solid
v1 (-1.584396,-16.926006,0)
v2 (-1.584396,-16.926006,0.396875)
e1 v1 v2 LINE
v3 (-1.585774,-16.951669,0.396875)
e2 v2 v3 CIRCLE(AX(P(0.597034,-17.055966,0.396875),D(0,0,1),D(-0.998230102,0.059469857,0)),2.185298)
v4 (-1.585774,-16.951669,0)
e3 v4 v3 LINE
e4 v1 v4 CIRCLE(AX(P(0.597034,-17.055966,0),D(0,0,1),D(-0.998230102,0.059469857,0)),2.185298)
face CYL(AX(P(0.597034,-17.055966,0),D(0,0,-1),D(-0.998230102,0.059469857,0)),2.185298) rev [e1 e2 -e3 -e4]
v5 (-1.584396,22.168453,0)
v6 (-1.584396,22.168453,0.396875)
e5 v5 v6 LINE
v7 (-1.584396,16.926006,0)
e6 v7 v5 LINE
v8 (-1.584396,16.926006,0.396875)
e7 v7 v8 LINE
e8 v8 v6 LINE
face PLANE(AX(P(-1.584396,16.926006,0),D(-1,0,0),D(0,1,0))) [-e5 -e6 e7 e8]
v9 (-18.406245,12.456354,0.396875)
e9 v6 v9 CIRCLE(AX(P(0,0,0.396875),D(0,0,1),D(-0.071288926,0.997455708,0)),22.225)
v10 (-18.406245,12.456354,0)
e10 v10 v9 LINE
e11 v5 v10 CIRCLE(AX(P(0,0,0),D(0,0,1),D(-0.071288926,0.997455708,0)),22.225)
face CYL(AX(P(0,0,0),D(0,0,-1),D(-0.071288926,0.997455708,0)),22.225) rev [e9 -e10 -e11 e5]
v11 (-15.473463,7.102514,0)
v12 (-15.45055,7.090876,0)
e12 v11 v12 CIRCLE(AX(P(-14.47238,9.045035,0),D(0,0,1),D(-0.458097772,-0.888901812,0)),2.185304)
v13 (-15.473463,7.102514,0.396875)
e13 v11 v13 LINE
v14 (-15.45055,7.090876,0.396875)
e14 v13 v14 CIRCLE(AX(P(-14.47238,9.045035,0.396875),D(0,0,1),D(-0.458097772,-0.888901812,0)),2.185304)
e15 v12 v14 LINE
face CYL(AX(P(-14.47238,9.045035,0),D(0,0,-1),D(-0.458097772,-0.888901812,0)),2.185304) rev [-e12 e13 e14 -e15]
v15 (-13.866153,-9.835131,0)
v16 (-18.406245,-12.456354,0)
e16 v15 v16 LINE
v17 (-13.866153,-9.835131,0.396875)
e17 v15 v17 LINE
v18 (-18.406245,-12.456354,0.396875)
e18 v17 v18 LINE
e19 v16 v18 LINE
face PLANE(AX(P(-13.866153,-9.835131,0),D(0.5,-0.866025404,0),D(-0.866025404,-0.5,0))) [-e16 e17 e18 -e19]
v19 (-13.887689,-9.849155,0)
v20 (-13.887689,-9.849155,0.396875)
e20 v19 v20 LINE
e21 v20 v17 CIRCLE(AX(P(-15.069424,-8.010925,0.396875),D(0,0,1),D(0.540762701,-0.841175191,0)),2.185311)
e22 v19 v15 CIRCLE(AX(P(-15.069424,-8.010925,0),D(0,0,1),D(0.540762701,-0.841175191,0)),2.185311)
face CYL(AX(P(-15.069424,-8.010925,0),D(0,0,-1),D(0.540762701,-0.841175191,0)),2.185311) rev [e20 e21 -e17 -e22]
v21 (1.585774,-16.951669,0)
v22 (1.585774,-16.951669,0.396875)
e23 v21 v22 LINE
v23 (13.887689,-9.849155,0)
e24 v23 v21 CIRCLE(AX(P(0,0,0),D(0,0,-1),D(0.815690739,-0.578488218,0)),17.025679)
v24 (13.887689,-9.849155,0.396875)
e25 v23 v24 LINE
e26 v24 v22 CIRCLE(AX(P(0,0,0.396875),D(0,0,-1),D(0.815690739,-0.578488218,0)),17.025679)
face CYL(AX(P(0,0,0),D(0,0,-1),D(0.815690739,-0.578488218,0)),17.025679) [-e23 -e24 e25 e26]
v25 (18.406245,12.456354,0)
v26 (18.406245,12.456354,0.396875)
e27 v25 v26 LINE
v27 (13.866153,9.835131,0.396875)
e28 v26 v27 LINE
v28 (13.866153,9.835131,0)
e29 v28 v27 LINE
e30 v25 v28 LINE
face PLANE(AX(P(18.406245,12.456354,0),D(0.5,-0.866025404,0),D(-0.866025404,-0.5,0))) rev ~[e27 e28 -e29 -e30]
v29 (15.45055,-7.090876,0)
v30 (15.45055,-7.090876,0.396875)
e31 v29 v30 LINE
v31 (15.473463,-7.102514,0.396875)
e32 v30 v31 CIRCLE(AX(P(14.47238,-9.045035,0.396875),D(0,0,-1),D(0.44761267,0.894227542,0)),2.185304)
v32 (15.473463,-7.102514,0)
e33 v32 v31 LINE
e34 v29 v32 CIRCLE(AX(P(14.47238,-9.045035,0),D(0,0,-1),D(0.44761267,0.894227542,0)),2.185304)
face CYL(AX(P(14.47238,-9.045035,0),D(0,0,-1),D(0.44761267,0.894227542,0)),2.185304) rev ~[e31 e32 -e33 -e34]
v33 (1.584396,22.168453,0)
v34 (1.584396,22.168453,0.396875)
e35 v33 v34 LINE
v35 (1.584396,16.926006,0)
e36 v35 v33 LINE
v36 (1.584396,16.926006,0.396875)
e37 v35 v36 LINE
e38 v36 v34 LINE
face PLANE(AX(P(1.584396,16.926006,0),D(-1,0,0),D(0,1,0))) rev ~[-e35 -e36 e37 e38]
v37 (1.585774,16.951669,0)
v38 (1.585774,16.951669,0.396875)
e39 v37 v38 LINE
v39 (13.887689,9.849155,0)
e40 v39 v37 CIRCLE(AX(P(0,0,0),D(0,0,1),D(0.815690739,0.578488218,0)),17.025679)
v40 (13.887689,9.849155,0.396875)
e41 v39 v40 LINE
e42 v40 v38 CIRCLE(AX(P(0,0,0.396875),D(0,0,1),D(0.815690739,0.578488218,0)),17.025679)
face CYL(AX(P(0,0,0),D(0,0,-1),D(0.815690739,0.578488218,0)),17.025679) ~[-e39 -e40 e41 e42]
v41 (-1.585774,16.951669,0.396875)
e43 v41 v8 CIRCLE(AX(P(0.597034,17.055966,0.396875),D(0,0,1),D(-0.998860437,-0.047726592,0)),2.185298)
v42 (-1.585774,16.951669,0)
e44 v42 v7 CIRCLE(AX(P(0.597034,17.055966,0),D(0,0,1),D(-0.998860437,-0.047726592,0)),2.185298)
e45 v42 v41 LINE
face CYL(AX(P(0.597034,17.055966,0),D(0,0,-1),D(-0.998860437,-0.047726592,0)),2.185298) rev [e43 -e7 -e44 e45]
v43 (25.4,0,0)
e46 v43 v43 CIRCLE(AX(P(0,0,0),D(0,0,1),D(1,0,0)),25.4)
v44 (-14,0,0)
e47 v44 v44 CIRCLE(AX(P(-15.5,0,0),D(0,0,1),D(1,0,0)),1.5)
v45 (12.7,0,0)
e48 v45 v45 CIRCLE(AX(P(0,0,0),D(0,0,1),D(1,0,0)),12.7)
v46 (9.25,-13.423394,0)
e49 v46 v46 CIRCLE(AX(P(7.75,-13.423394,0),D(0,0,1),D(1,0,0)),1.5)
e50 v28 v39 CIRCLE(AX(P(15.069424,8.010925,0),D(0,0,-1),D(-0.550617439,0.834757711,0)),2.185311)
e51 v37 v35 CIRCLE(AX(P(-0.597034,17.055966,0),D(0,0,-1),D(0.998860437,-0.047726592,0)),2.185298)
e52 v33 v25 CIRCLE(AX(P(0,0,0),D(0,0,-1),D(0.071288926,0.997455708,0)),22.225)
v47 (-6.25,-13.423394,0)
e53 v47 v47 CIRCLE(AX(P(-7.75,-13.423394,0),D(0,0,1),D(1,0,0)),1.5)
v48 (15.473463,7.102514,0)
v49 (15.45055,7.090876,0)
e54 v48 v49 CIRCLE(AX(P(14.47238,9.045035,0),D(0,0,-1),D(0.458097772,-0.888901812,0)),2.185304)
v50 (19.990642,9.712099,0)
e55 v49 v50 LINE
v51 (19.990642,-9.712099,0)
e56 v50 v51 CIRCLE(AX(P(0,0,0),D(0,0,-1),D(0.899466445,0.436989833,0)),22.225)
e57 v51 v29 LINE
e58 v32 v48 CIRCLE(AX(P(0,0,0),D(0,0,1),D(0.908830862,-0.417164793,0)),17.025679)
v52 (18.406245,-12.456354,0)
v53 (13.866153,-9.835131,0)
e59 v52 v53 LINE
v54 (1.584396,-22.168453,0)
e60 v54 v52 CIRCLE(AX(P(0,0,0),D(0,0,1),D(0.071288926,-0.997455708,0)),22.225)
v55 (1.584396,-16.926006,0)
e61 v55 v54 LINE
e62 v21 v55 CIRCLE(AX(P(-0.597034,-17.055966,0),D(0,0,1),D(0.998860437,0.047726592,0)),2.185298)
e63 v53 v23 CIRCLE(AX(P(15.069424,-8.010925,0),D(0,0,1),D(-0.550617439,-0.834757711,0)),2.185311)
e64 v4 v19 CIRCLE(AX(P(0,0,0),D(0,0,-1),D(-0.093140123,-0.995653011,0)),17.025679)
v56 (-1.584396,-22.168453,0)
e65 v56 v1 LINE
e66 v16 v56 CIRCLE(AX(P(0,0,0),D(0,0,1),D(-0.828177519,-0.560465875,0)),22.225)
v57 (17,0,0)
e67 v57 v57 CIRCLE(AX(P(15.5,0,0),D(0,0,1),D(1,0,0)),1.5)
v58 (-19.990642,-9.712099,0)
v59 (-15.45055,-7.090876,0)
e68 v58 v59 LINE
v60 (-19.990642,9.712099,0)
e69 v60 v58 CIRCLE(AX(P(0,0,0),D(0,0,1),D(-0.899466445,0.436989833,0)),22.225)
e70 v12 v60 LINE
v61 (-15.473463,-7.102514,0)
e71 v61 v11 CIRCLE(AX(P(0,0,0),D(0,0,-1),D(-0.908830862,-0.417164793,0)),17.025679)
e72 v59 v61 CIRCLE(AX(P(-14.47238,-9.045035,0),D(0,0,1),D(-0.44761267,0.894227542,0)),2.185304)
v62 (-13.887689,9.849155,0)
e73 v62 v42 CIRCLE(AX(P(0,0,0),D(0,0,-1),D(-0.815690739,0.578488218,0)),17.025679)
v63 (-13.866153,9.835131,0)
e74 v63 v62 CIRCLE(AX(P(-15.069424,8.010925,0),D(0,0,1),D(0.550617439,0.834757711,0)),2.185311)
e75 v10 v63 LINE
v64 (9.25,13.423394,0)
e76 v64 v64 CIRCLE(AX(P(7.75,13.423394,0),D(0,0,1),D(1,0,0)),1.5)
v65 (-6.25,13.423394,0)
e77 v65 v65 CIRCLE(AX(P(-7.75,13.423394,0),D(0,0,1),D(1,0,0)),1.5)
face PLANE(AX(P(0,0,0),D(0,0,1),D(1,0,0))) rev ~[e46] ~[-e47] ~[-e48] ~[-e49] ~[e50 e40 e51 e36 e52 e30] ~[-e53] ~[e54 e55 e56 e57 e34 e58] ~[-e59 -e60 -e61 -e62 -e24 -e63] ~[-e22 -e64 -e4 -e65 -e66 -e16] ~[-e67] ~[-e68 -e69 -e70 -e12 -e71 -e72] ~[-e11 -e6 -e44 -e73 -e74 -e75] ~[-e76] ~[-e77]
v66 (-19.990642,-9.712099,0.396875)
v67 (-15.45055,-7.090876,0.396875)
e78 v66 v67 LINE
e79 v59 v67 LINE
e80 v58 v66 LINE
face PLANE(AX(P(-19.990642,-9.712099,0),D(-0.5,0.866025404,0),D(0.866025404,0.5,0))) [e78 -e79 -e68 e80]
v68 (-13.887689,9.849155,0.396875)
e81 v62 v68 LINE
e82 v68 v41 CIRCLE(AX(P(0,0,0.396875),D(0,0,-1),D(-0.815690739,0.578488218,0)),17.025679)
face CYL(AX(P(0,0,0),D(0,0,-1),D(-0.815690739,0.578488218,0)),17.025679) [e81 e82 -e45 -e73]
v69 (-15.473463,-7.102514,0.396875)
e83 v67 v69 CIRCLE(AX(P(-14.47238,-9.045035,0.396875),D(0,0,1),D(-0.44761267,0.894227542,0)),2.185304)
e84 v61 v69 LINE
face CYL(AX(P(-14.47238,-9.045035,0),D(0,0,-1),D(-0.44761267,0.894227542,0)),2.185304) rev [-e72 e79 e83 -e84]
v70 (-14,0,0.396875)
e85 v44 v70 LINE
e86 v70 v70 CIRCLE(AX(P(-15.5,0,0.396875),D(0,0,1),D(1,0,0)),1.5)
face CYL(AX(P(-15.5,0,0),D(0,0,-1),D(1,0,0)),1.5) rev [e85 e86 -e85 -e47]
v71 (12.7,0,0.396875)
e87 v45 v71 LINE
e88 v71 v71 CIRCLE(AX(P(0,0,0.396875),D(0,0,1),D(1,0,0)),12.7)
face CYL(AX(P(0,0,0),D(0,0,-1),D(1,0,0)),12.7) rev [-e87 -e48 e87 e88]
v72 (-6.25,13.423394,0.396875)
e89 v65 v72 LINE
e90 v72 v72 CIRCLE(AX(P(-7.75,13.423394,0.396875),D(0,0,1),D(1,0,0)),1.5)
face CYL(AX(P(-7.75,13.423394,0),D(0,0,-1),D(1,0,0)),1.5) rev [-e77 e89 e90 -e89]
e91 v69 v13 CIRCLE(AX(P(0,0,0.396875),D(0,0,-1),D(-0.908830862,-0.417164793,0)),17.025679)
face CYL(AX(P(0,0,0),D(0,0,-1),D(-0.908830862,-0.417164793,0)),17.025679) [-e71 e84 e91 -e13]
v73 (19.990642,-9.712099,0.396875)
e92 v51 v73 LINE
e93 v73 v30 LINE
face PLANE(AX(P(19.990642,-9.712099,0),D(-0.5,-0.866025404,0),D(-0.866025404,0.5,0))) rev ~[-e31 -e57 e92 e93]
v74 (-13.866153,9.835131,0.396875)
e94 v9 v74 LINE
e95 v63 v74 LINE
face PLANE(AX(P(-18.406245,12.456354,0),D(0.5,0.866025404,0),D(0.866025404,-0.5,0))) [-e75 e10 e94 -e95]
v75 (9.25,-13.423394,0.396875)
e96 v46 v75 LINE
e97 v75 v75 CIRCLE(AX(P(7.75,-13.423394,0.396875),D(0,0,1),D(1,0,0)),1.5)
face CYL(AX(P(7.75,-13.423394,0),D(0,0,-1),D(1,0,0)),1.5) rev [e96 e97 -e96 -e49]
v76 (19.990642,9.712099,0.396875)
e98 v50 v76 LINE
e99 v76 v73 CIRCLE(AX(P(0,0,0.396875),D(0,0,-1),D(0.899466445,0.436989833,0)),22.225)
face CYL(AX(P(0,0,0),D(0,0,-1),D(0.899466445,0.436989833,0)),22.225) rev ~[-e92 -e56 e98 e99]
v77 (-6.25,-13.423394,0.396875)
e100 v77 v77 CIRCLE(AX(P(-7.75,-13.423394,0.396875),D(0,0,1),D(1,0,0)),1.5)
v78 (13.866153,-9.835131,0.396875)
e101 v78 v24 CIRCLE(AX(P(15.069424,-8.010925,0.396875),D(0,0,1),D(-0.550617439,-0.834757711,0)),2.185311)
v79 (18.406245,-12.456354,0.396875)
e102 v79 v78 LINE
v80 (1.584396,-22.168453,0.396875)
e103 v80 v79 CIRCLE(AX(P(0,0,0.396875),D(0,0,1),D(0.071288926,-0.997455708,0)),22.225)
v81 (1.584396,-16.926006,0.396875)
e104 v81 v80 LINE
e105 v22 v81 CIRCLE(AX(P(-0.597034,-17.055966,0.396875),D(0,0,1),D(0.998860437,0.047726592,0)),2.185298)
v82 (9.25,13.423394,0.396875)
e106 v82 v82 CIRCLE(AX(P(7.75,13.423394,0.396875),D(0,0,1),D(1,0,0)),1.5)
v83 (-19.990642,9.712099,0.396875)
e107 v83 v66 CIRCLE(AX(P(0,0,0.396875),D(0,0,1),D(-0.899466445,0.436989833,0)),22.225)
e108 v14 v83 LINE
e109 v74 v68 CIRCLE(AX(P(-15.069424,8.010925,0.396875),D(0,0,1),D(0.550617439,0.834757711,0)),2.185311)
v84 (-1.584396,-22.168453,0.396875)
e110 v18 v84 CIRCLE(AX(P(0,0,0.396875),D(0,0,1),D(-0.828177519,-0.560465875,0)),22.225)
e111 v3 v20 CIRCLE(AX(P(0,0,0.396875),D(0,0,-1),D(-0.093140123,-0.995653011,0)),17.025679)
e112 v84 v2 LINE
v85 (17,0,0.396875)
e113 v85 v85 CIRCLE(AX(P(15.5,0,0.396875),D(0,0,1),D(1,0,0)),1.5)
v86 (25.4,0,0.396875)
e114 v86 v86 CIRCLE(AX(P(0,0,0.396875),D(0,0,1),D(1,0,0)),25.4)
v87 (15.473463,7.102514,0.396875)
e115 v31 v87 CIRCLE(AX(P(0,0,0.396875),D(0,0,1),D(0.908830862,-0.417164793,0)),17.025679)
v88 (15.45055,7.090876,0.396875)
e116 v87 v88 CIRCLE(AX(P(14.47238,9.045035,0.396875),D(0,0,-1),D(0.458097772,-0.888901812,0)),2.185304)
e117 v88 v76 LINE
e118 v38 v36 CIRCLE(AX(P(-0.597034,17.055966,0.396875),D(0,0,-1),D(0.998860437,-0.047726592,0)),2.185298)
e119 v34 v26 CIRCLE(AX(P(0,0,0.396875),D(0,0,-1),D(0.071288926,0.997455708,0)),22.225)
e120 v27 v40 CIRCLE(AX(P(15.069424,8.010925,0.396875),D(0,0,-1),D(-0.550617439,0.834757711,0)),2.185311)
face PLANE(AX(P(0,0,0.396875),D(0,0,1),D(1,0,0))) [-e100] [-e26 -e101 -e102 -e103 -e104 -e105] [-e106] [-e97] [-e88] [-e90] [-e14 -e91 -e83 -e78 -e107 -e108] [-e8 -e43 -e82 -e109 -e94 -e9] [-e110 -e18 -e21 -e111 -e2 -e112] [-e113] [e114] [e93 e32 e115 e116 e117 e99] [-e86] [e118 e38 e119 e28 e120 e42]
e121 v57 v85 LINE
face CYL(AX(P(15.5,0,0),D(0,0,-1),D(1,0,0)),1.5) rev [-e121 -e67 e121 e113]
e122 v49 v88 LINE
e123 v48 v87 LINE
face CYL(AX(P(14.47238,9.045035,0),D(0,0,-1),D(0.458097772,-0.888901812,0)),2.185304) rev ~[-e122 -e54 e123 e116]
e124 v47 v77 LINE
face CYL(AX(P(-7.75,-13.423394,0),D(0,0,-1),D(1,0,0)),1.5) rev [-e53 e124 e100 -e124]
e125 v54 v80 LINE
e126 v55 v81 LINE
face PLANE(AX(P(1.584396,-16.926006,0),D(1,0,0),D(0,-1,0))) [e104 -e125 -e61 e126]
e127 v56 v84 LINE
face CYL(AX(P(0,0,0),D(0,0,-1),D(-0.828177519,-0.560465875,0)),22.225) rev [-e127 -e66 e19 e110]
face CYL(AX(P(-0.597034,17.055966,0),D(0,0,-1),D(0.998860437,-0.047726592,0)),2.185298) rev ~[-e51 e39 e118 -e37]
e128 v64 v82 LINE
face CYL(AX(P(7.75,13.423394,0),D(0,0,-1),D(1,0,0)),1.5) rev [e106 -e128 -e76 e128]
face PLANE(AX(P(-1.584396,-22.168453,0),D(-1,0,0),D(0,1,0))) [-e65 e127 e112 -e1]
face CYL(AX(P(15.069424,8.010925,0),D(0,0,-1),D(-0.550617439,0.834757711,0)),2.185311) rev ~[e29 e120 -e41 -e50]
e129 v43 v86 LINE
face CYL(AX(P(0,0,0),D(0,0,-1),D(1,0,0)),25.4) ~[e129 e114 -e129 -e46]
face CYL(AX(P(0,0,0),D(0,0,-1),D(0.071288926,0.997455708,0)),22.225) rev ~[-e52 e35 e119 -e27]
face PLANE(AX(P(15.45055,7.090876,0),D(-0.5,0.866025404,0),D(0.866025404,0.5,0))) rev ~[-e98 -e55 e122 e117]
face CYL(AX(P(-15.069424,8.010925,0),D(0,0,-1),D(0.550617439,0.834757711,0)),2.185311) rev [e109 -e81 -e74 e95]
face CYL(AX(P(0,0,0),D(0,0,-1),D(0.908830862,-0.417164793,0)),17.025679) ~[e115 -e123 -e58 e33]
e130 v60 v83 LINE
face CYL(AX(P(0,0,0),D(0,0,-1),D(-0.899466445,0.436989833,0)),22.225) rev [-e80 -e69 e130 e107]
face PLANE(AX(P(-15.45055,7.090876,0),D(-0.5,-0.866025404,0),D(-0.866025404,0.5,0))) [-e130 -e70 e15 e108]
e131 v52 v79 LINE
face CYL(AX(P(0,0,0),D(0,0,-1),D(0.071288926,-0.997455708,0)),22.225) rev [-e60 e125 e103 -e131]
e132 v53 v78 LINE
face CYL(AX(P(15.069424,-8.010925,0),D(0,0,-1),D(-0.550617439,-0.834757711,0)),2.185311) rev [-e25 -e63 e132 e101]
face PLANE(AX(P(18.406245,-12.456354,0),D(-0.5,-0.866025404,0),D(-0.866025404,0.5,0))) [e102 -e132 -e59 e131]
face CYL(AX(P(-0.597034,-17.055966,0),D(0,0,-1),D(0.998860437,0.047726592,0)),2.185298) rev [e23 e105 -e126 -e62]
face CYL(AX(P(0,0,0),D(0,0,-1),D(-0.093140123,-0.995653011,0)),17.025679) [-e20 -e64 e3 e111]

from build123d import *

# Parameters (mm, degrees)
SKETCH1_R           = 25.4
SKETCH1_R_2         = 1.5
SKETCH1_R_3         = 12.7
BOSS_EXTRUDE1_DEPTH = 0.396875


with BuildPart() as part:
    # Sketch1 → Boss-Extrude1 (new body)
    with BuildSketch(Plane.XY):
        Circle(SKETCH1_R)
        with Locations((-15.5, 0)):
            Circle(SKETCH1_R_2, mode=Mode.SUBTRACT)
        with Locations((-7.75, 13.423393759)):
            Circle(SKETCH1_R_2, mode=Mode.SUBTRACT)
        with Locations((7.75, 13.423393759)):
            Circle(SKETCH1_R_2, mode=Mode.SUBTRACT)
        with Locations((15.5, 0)):
            Circle(SKETCH1_R_2, mode=Mode.SUBTRACT)
        with Locations((7.75, -13.423393759)):
            Circle(SKETCH1_R_2, mode=Mode.SUBTRACT)
        with Locations((-7.75, -13.423393759)):
            Circle(SKETCH1_R_2, mode=Mode.SUBTRACT)
        Circle(SKETCH1_R_3, mode=Mode.SUBTRACT)
        with BuildLine():
            Line((-1.58439638, 16.926006266), (-1.58439638, 22.168453106))
            ThreePointArc((-1.58439638, 22.168453106), (-11.1125, 19.247414599), (-18.406245362, 12.456354068))
            Line((-18.406245362, 12.456354068), (-13.866153221, 9.835130648))
            ThreePointArc((-13.866153221, 9.835130648), (-13.876900865, 9.842174678), (-13.88768889, 9.849154838))
            ThreePointArc((-13.88768889, 9.849154838), (-8.512839622, 14.744670742), (-1.58577385, 16.951668798))
            ThreePointArc((-1.58577385, 16.951668798), (-1.585122867, 16.938836014), (-1.58439638, 16.926006266))
        make_face(mode=Mode.SUBTRACT)
        with BuildLine():
            Line((1.58439638, 16.926006266), (1.58439638, 22.168453106))
            ThreePointArc((1.58439638, 22.168453106), (11.1125, 19.247414599), (18.406245362, 12.456354068))
            Line((18.406245362, 12.456354068), (13.866153221, 9.835130648))
            ThreePointArc((13.866153221, 9.835130648), (13.876900865, 9.842174678), (13.88768889, 9.849154838))
            ThreePointArc((13.88768889, 9.849154838), (8.512839622, 14.744670742), (1.58577385, 16.951668798))
            ThreePointArc((1.58577385, 16.951668798), (1.585122867, 16.938836014), (1.58439638, 16.926006266))
        make_face(mode=Mode.SUBTRACT)
        with BuildLine():
            Line((15.450549601, 7.090875618), (19.990641742, 9.712099038))
            ThreePointArc((19.990641742, 9.712099038), (22.225, 0), (19.990641742, -9.712099038))
            Line((19.990641742, -9.712099038), (15.450549601, -7.090875618))
            ThreePointArc((15.450549601, -7.090875618), (15.462023732, -7.096661336), (15.47346274, -7.10251396))
            ThreePointArc((15.47346274, -7.10251396), (17.025679244, 0), (15.47346274, 7.10251396))
            ThreePointArc((15.47346274, 7.10251396), (15.462023732, 7.096661336), (15.450549601, 7.090875618))
        make_face(mode=Mode.SUBTRACT)
        with BuildLine():
            Line((-15.450549601, 7.090875618), (-19.990641742, 9.712099038))
            ThreePointArc((-19.990641742, 9.712099038), (-22.225, 0), (-19.990641742, -9.712099038))
            Line((-19.990641742, -9.712099038), (-15.450549601, -7.090875618))
            ThreePointArc((-15.450549601, -7.090875618), (-15.462023732, -7.096661336), (-15.47346274, -7.10251396))
            ThreePointArc((-15.47346274, -7.10251396), (-17.025679244, 0), (-15.47346274, 7.10251396))
            ThreePointArc((-15.47346274, 7.10251396), (-15.462023732, 7.096661336), (-15.450549601, 7.090875618))
        make_face(mode=Mode.SUBTRACT)
        with BuildLine():
            Line((-13.866153221, -9.835130648), (-18.406245362, -12.456354068))
            ThreePointArc((-18.406245362, -12.456354068), (-11.1125, -19.247414599), (-1.58439638, -22.168453106))
            Line((-1.58439638, -22.168453106), (-1.58439638, -16.926006266))
            ThreePointArc((-1.58439638, -16.926006266), (-1.585122867, -16.938836014), (-1.58577385, -16.951668798))
            ThreePointArc((-1.58577385, -16.951668798), (-8.512839622, -14.744670742), (-13.88768889, -9.849154838))
            ThreePointArc((-13.88768889, -9.849154838), (-13.876900865, -9.842174678), (-13.866153221, -9.835130648))
        make_face(mode=Mode.SUBTRACT)
        with BuildLine():
            Line((1.58439638, -16.926006266), (1.58439638, -22.168453106))
            ThreePointArc((1.58439638, -22.168453106), (11.1125, -19.247414599), (18.406245362, -12.456354068))
            Line((18.406245362, -12.456354068), (13.866153221, -9.835130648))
            ThreePointArc((13.866153221, -9.835130648), (13.876900865, -9.842174678), (13.88768889, -9.849154838))
            ThreePointArc((13.88768889, -9.849154838), (8.512839622, -14.744670742), (1.58577385, -16.951668798))
            ThreePointArc((1.58577385, -16.951668798), (1.585122867, -16.938836014), (1.58439638, -16.926006266))
        make_face(mode=Mode.SUBTRACT)
    extrude(amount=BOSS_EXTRUDE1_DEPTH)


solid = part.part
